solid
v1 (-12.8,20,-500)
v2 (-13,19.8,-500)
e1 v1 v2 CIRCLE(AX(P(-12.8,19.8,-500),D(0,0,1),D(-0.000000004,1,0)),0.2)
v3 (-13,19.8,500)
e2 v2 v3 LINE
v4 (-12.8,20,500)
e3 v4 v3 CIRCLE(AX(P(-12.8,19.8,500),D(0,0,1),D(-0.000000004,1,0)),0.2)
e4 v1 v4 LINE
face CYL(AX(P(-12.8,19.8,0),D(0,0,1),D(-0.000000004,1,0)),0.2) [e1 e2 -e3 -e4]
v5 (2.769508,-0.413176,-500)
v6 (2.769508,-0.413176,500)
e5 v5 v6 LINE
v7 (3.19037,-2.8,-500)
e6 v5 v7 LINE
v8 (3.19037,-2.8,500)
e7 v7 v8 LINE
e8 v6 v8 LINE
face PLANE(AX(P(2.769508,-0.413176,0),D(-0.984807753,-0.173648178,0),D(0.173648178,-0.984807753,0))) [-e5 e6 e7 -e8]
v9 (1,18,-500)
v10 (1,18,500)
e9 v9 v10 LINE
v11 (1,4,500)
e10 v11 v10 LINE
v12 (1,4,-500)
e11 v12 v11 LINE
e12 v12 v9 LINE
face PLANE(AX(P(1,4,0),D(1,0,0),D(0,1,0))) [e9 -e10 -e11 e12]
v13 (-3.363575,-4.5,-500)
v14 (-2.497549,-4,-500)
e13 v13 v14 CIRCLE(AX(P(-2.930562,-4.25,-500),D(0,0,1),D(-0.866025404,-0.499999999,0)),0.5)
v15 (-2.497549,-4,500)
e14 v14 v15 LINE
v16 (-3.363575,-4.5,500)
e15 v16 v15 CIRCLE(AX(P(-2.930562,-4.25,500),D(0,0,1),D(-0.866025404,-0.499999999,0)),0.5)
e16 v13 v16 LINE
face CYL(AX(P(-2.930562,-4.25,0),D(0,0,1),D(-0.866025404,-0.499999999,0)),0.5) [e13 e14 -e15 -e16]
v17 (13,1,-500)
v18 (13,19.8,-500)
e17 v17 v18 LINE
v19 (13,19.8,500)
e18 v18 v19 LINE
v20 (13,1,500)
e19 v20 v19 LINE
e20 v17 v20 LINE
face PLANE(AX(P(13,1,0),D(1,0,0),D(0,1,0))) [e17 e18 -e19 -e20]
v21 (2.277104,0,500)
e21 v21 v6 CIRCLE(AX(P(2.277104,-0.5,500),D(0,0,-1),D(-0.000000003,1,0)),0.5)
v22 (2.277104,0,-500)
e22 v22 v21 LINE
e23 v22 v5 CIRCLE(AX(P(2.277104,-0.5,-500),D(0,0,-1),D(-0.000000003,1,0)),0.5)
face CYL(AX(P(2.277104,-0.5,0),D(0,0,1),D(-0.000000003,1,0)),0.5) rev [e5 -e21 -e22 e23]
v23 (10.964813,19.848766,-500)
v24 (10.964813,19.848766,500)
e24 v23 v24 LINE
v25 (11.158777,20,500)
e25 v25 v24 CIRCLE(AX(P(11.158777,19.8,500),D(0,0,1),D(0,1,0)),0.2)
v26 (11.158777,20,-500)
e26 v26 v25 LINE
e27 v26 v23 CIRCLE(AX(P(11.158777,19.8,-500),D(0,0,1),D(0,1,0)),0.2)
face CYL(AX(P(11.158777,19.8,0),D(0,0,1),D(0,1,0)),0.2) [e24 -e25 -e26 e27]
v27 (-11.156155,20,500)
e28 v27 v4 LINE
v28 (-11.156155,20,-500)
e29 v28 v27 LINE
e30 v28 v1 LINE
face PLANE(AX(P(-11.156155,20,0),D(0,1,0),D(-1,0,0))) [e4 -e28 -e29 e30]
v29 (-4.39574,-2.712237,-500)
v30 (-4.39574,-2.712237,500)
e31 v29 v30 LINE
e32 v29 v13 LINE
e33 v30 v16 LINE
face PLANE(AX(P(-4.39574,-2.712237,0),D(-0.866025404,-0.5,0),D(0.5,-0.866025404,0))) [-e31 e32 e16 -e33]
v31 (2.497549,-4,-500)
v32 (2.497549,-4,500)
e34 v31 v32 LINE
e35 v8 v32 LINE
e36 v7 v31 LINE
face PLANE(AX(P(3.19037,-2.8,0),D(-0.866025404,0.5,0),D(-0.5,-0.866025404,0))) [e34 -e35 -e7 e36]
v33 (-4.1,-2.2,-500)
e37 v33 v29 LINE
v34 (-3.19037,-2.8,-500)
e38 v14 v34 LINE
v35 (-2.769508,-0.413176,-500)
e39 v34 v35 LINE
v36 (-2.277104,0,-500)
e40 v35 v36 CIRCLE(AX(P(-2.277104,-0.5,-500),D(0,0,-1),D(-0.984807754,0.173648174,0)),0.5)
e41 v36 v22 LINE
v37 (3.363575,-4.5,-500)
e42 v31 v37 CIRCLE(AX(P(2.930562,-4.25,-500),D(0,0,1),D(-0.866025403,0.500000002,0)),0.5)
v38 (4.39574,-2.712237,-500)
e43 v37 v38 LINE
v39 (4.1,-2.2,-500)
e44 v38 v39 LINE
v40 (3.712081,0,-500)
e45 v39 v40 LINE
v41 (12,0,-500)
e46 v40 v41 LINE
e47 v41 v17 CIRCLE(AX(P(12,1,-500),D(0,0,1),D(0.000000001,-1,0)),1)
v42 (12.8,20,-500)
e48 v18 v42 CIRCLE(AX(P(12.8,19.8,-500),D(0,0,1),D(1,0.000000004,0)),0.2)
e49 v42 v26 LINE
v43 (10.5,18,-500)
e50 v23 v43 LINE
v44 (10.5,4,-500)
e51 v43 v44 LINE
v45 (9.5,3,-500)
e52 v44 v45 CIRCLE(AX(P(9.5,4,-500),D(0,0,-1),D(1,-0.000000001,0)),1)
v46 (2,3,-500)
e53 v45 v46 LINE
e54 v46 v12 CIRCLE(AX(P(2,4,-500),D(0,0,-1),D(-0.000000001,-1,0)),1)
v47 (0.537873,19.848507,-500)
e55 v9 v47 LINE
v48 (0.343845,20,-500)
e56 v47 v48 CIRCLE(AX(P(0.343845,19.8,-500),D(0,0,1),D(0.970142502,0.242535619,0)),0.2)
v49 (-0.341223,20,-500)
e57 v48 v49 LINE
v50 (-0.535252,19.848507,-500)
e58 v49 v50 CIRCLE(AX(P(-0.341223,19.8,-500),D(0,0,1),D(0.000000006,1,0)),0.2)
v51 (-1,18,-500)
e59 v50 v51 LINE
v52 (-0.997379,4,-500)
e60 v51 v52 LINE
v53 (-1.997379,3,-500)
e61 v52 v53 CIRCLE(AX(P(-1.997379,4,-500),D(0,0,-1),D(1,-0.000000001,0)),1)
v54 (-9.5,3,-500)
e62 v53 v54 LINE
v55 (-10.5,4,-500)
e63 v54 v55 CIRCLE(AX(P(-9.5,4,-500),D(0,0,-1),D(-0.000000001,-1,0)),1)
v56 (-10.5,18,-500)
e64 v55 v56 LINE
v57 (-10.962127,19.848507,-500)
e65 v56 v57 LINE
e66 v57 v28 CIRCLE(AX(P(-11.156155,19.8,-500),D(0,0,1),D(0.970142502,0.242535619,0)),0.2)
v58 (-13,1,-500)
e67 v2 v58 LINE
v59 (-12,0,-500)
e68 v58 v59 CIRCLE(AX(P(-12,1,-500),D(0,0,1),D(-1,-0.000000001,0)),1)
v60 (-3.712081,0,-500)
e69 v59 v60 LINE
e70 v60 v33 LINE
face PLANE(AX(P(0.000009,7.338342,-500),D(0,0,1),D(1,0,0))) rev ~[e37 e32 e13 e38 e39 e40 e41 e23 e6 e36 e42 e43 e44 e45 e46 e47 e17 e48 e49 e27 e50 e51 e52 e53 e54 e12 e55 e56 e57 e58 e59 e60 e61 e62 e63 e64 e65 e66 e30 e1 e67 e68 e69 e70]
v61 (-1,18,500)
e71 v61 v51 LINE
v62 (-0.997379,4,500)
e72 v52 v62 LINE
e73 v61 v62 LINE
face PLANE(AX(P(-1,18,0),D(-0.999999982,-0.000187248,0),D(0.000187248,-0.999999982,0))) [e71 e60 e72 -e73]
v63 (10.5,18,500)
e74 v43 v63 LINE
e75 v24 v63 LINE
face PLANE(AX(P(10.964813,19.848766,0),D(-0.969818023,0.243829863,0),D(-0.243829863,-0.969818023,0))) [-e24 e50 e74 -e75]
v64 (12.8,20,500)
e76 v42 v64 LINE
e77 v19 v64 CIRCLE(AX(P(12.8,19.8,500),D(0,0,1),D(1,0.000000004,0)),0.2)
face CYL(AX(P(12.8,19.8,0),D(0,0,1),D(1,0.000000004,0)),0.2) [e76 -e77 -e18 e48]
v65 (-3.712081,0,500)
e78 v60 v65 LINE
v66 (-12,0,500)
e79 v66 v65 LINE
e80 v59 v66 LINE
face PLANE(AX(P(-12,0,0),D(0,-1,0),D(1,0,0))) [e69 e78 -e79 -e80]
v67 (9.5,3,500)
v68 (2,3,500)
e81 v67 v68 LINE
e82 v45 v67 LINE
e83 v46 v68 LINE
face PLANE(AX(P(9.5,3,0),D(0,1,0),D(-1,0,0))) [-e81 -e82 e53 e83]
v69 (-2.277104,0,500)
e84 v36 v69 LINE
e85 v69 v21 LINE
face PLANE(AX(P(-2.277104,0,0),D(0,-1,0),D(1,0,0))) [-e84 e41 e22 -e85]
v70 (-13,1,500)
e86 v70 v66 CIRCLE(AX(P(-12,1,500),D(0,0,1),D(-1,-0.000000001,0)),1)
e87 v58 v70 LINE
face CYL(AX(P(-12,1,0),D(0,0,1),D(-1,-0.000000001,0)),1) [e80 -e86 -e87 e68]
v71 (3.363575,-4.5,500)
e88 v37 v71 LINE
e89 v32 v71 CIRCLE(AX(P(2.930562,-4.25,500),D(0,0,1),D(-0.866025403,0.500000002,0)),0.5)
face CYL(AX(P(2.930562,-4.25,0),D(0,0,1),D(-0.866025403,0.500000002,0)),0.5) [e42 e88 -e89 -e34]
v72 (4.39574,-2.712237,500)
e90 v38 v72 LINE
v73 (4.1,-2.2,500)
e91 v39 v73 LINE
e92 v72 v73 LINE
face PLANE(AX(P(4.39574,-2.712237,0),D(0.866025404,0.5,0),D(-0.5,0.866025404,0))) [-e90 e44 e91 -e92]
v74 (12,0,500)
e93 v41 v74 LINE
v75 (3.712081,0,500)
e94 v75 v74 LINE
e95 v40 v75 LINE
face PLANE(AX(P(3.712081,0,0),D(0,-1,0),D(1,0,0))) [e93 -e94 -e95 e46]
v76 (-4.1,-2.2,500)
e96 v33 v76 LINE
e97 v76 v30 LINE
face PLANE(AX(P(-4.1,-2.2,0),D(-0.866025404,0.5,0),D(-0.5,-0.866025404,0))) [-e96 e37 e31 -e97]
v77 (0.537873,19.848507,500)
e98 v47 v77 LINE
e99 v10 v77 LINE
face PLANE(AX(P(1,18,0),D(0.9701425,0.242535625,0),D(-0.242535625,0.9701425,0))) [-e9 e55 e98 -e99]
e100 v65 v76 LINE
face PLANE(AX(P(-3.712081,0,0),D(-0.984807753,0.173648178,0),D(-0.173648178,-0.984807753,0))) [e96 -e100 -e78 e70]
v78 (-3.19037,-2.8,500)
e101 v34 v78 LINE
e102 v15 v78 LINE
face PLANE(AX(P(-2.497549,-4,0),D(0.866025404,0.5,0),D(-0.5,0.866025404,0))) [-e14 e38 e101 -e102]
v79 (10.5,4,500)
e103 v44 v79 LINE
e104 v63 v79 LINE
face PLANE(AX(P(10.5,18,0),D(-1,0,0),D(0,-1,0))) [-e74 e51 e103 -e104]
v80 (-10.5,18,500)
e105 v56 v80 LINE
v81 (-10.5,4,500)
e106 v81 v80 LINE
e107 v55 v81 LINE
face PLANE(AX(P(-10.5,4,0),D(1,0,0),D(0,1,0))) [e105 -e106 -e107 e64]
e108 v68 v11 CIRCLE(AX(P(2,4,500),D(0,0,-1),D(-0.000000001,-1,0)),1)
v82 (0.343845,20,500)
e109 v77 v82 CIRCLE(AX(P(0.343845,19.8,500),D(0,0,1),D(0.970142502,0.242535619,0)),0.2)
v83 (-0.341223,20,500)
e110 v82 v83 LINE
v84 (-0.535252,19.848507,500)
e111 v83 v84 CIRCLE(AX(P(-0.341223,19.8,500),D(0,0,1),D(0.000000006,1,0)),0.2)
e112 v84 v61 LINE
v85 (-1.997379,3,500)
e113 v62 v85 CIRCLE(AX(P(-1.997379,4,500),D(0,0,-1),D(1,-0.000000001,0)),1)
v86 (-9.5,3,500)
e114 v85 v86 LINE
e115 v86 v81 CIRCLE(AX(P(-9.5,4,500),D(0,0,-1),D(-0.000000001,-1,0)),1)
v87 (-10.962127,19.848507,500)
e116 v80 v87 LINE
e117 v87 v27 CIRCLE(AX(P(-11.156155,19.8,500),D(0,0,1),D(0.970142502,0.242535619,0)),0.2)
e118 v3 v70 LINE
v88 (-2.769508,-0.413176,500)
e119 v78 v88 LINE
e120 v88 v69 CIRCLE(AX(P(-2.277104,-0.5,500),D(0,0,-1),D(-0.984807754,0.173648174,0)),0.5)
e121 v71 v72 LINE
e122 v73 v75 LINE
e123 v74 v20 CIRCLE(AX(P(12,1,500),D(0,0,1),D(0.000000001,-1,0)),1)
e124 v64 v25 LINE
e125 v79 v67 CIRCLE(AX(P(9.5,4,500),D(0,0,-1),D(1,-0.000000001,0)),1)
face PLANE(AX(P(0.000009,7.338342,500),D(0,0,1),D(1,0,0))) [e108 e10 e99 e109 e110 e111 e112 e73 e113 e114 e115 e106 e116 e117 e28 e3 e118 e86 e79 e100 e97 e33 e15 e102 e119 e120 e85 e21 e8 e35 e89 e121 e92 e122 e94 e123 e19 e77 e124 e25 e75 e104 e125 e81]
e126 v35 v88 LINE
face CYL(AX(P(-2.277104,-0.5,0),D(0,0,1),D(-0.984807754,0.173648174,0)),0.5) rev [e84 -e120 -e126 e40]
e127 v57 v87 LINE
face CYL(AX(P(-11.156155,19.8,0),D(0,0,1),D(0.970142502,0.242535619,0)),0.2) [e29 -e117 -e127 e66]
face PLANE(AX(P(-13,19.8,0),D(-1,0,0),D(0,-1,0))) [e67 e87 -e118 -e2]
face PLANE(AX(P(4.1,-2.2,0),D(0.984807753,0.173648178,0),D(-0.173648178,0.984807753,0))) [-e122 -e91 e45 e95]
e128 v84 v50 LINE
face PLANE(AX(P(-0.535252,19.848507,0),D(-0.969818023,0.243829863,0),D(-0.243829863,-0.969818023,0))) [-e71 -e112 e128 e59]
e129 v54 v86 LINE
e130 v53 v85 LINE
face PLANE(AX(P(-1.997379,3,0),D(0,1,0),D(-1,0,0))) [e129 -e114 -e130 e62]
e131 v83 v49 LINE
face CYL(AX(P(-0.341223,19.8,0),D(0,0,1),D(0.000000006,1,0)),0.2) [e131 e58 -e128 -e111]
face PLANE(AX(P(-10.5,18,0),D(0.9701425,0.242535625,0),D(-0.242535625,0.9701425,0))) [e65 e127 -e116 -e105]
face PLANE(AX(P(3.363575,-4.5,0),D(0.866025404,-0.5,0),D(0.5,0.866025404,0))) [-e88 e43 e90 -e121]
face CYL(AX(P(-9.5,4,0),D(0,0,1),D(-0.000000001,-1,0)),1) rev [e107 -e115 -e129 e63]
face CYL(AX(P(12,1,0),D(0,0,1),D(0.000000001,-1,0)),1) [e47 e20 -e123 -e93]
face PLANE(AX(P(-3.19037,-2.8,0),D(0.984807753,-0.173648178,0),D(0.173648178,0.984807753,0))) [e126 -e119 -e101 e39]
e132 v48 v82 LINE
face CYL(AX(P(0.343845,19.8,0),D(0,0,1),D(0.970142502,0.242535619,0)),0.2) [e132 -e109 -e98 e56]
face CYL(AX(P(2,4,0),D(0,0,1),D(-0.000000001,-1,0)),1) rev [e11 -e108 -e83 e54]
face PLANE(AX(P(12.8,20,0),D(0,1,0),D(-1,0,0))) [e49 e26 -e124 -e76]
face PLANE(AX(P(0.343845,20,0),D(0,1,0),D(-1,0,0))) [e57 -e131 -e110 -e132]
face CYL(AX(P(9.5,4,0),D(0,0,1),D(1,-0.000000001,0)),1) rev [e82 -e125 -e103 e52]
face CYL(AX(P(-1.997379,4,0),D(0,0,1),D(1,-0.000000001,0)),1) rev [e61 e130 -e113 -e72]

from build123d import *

# Parameters (mm, degrees)
EXTRUDE_1_DEPTH = 500


with BuildPart() as part:
    # 草图9 → 拉伸1 (new body, symmetric)
    with BuildSketch(Plane.XY):
        with BuildLine():
            Line((-1, 18), (-0.997378521, 4))
            ThreePointArc((-0.997378521, 4), (-1.29027174, 3.292893219), (-1.997378521, 3))
            Line((-1.997378521, 3), (-9.5, 3))
            ThreePointArc((-9.5, 3), (-10.207106781, 3.292893219), (-10.5, 4))
            Line((-10.5, 4), (-10.5, 18))
            Line((-10.5, 18), (-10.962126781, 19.848507125))
            ThreePointArc((-10.962126781, 19.848507125), (-11.033072839, 19.957641088), (-11.156155281, 20))
            Line((-11.156155281, 20), (-12.8, 20))
            ThreePointArc((-12.8, 20), (-12.941421356, 19.941421356), (-13, 19.8))
            Line((-13, 19.8), (-13, 1))
            ThreePointArc((-13, 1), (-12.707106781, 0.292893219), (-12, 0))
            Line((-12, 0), (-3.712080642, 0))
            Line((-3.712080642, 0), (-4.1, -2.2))
            Line((-4.1, -2.2), (-4.395740138, -2.712236945))
            Line((-4.395740138, -2.712236945), (-3.363574657, -4.5))
            ThreePointArc((-3.363574657, -4.5), (-2.680561955, -4.683012702), (-2.497549254, -4))
            Line((-2.497549254, -4), (-3.190369577, -2.8))
            Line((-3.190369577, -2.8), (-2.769508091, -0.413175911))
            ThreePointArc((-2.769508091, -0.413175911), (-2.59849802, -0.116977778), (-2.277104215, 0))
            Line((-2.277104215, 0), (2.277104215, 0))
            ThreePointArc((2.277104215, 0), (2.59849802, -0.116977778), (2.769508091, -0.413175911))
            Line((2.769508091, -0.413175911), (3.190369577, -2.8))
            Line((3.190369577, -2.8), (2.497549254, -4))
            ThreePointArc((2.497549254, -4), (2.680561955, -4.683012702), (3.363574657, -4.5))
            Line((3.363574657, -4.5), (4.395740138, -2.712236945))
            Line((4.395740138, -2.712236945), (4.1, -2.2))
            Line((4.1, -2.2), (3.712080642, 0))
            Line((3.712080642, 0), (12, 0))
            ThreePointArc((12, 0), (12.707106781, 0.292893219), (13, 1))
            Line((13, 1), (13, 19.8))
            ThreePointArc((13, 19.8), (12.941421356, 19.941421356), (12.8, 20))
            Line((12.8, 20), (11.158776943, 20))
            ThreePointArc((11.158776943, 20), (11.035799699, 19.957723167), (10.964813339, 19.848765973))
            Line((10.964813339, 19.848765973), (10.5, 18))
            Line((10.5, 18), (10.5, 4))
            ThreePointArc((10.5, 4), (10.207106781, 3.292893219), (9.5, 3))
            Line((9.5, 3), (2, 3))
            ThreePointArc((2, 3), (1.292893219, 3.292893219), (1, 4))
            Line((1, 4), (1, 18))
            Line((1, 18), (0.537873219, 19.848507125))
            ThreePointArc((0.537873219, 19.848507125), (0.466927161, 19.957641088), (0.343844719, 20))
            Line((0.343844719, 20), (-0.34122324, 20))
            ThreePointArc((-0.34122324, 20), (-0.464305682, 19.957641088), (-0.53525174, 19.848507125))
            Line((-0.53525174, 19.848507125), (-1, 18))
        make_face()
    extrude(amount=EXTRUDE_1_DEPTH, both=True)


solid = part.part
